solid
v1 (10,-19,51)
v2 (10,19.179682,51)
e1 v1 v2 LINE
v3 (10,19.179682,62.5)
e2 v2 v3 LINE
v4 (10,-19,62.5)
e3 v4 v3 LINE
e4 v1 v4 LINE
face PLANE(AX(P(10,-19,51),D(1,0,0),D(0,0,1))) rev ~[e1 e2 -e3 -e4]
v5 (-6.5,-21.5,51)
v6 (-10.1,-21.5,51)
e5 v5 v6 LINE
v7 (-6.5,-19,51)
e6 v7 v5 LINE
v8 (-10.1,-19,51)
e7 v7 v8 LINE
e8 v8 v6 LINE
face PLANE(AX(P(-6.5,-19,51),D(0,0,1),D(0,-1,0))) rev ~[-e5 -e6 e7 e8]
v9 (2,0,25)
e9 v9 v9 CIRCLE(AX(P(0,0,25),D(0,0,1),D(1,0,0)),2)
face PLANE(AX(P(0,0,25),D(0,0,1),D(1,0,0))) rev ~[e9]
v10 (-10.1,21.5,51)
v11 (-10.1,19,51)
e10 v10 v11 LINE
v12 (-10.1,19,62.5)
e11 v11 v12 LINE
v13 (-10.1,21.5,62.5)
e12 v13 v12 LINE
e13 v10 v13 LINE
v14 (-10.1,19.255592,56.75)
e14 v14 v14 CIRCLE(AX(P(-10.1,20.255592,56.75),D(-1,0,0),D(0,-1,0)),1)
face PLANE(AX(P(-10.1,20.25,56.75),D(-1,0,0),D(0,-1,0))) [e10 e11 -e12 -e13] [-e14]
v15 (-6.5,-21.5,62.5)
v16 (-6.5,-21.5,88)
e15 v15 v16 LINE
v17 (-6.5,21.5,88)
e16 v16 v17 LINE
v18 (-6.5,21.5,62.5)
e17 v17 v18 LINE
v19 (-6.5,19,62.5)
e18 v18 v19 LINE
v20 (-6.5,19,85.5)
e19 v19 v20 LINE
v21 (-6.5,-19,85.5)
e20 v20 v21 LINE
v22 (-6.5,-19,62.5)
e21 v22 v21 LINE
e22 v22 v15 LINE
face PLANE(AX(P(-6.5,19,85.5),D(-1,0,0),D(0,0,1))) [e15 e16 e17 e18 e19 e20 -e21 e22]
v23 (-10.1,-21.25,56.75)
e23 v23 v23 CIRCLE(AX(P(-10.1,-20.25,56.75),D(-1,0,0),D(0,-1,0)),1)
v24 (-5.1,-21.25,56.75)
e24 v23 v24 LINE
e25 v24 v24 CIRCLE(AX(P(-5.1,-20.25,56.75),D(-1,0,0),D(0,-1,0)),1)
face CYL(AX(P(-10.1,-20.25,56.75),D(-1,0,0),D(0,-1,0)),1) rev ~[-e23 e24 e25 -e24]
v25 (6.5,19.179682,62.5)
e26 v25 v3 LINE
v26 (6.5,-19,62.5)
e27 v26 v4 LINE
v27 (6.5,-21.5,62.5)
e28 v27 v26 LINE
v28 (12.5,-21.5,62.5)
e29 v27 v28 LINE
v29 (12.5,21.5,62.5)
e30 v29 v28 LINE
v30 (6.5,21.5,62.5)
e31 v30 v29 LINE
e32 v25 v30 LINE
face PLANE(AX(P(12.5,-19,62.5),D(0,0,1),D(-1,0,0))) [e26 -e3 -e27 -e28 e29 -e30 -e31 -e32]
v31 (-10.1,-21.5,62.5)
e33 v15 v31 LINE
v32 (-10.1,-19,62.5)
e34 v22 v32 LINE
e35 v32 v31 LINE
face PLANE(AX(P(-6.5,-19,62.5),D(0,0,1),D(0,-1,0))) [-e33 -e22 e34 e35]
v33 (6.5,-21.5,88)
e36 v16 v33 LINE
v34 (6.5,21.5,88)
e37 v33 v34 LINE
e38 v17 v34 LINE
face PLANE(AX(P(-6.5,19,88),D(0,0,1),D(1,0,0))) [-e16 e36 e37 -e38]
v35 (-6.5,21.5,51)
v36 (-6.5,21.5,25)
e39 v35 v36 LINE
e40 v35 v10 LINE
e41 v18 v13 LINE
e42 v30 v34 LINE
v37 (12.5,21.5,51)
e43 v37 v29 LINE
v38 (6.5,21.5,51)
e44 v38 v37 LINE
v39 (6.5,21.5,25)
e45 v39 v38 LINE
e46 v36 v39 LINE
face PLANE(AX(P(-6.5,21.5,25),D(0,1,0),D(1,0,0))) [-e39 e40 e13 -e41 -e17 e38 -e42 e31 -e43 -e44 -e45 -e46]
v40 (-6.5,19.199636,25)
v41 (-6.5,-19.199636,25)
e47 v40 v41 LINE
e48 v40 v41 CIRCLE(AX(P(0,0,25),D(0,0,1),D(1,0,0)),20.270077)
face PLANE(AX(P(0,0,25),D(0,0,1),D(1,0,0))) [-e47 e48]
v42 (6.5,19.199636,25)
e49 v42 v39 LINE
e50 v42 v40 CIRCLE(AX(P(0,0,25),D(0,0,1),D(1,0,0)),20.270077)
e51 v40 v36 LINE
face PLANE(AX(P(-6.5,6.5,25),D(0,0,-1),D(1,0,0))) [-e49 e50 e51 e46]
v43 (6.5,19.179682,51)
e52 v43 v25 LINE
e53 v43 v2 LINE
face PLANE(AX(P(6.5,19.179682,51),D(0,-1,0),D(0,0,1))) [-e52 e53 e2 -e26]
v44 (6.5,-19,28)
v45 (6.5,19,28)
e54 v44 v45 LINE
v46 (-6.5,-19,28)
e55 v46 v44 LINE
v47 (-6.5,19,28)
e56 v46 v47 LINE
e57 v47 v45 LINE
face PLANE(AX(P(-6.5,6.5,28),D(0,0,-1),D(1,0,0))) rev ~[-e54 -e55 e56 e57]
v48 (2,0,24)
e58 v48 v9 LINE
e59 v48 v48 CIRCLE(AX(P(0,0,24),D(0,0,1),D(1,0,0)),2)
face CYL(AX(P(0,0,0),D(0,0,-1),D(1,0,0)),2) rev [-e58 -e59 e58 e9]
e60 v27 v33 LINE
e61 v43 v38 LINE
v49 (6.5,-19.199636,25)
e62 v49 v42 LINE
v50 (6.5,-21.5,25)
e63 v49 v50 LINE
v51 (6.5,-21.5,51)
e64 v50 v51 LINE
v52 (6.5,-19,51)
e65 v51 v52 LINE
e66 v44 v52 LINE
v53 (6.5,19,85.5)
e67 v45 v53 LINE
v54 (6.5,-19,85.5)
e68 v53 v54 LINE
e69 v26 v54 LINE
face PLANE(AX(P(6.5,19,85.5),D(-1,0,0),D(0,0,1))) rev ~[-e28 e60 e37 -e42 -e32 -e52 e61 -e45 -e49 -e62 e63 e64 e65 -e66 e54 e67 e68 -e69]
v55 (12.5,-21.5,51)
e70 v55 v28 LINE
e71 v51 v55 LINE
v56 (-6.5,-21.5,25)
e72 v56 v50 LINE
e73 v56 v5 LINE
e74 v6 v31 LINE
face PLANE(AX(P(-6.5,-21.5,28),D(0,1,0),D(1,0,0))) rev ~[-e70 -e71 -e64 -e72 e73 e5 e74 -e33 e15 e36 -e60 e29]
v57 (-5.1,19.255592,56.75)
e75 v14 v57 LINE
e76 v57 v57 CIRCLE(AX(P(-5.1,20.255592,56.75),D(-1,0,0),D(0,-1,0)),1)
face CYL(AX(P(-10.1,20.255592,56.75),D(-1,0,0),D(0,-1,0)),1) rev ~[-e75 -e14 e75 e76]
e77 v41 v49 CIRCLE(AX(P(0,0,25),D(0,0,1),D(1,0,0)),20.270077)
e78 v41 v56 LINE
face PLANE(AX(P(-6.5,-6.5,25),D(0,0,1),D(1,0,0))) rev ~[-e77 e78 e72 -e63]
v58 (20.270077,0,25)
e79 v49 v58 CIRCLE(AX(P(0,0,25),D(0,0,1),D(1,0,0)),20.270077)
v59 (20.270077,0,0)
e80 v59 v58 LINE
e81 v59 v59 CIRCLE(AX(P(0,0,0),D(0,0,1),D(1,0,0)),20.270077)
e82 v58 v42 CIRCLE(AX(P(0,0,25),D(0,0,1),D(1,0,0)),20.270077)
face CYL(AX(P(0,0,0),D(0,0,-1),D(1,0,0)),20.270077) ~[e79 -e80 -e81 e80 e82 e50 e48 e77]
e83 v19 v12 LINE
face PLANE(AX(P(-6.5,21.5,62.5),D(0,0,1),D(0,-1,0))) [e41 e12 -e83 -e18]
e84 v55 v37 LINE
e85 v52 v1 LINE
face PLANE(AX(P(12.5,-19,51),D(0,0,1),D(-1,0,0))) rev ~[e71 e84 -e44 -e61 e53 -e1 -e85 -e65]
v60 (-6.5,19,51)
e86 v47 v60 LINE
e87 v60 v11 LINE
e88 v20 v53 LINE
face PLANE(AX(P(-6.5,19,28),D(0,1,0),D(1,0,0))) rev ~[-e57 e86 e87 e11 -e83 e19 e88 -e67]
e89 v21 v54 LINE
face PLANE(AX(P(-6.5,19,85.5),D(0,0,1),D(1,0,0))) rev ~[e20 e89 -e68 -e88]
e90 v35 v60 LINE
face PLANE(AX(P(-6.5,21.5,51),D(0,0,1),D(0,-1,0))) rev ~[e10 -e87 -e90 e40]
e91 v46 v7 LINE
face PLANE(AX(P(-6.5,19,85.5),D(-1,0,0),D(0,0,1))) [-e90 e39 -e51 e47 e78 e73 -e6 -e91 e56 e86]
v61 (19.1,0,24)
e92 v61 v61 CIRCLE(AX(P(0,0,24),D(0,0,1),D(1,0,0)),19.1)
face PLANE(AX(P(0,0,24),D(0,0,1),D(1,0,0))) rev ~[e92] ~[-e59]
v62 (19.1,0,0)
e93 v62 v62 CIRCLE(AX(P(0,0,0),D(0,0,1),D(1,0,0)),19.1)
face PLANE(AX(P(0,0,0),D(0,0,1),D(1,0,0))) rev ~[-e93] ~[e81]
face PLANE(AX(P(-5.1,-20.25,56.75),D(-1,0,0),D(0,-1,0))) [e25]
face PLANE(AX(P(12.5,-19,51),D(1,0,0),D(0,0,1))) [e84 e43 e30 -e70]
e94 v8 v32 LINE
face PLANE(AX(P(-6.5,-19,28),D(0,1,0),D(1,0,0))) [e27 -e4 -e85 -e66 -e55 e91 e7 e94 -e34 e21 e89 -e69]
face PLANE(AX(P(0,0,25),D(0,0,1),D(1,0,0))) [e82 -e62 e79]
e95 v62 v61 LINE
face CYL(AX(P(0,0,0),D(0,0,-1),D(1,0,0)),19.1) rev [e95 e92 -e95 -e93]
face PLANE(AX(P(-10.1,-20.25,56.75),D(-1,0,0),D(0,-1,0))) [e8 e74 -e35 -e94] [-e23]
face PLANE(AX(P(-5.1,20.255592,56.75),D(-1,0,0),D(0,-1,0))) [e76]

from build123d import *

# Parameters (mm, degrees)
F0_R      = 20.2700767199
F0_R_2    = 19.1
F0_R_3    = 2
F1_DEPTH  = 25
F2_DEPTH  = 24
F3_W      = 13
F3_H      = 13
F3_R      = 2
F4_DEPTH  = 3
F5_DEPTH  = 15
F6_DEPTH  = 15
F7_W      = 13
F7_H      = 2.5
F8_DEPTH  = 60
F9_W      = 13
F9_H      = 2.5
F10_DEPTH = 40
F11_W     = 2.5
F11_H     = 11.5
F11_W_2   = 2.3203180134
F12_DEPTH = 6
F13_W     = 2.5
F13_H     = 11.5
F14_DEPTH = 40
F15_W     = 2.5
F15_H     = 11.5
F16_DEPTH = 3.6
F18_R     = 1
F17_R     = 1
F19_DEPTH = 5


with BuildPart() as f1:
    # F0 (on Top) → F1 (new body)
    with BuildSketch(Plane.XY):
        Circle(F0_R)
        Circle(F0_R_2, mode=Mode.SUBTRACT)
        Circle(F0_R_2)
        Circle(F0_R_3, mode=Mode.SUBTRACT)
    extrude(amount=F1_DEPTH)

    # F0 (on Top) → F2 (cut)
    with BuildSketch(Plane.XY):
        Circle(F0_R_2)
        Circle(F0_R_3, mode=Mode.SUBTRACT)
    extrude(amount=F2_DEPTH, mode=Mode.SUBTRACT)

    # F3 (on face) → F4 (join)
    with BuildSketch(Plane.XY.offset(25)):
        Rectangle(F3_W, F3_H)
        Circle(F3_R, mode=Mode.SUBTRACT)
        Rectangle(F3_W, F3_H)
    extrude(amount=F4_DEPTH)

    # F5 (add): a face of the model
    f5_faces = [f1.faces().sort_by_distance(p)[0] for p in [
        (0, -6.5, 26.5),
    ]]
    extrude(f5_faces, amount=F5_DEPTH)

    # F6 (add): a face of the model
    f6_faces = [f1.faces().sort_by_distance(p)[0] for p in [
        (0, 6.5, 26.5),
    ]]
    extrude(f6_faces, amount=F6_DEPTH)

    # F7 (on face) → F8 (join)
    with BuildSketch(Plane.XY.offset(28)):
        with Locations((0, -20.25)):
            Rectangle(F7_W, F7_H)
        with Locations((0, 20.25)):
            Rectangle(F7_W, F7_H)
    extrude(amount=F8_DEPTH)

    # F9 (on face) → F10 (join)
    with BuildSketch(Plane.XZ.offset(-19)):
        with Locations((0, 86.75)):
            Rectangle(F9_W, F9_H)
    extrude(amount=F10_DEPTH)

    # F11 (on face) → F12 (join)
    with BuildSketch(Plane.YZ.offset(6.5)):
        with Locations((-20.25, 56.75)):
            Rectangle(F11_W, F11_H)
        with Locations((20.3398409933, 56.75)):
            Rectangle(F11_W_2, F11_H)
    extrude(amount=F12_DEPTH)

    # F13 (on face) → F14 (join)
    with BuildSketch(Plane(origin=(0, -19, 0), x_dir=(-1, 0, 0), z_dir=(0, 1, 0))):
        with Locations((-11.25, 56.75)):
            Rectangle(F13_W, F13_H)
    extrude(amount=F14_DEPTH)

    # F15 (on face) → F16 (join)
    with BuildSketch(Plane(origin=(-6.5, 0, 0), x_dir=(0, -1, 0), z_dir=(-1, 0, 0))):
        with Locations((20.25, 56.75)):
            Rectangle(F15_W, F15_H)
        with Locations((-20.25, 56.75)):
            Rectangle(F15_W, F15_H)
    extrude(amount=F16_DEPTH)

    # F18 (on face) + F17 (on face) → F19 (cut)
    with BuildSketch(Plane(origin=(-10.1, 0, 0), x_dir=(0, -1, 0), z_dir=(-1, 0, 0))):
        with Locations((20.25, 56.75)):
            Circle(F18_R)
    with BuildSketch(Plane(origin=(-10.1, 0, 0), x_dir=(0, -1, 0), z_dir=(-1, 0, 0))):
        with Locations((-20.2555917203, 56.75)):
            Circle(F17_R)
    extrude(amount=-F19_DEPTH, mode=Mode.SUBTRACT)


solid = f1.part
